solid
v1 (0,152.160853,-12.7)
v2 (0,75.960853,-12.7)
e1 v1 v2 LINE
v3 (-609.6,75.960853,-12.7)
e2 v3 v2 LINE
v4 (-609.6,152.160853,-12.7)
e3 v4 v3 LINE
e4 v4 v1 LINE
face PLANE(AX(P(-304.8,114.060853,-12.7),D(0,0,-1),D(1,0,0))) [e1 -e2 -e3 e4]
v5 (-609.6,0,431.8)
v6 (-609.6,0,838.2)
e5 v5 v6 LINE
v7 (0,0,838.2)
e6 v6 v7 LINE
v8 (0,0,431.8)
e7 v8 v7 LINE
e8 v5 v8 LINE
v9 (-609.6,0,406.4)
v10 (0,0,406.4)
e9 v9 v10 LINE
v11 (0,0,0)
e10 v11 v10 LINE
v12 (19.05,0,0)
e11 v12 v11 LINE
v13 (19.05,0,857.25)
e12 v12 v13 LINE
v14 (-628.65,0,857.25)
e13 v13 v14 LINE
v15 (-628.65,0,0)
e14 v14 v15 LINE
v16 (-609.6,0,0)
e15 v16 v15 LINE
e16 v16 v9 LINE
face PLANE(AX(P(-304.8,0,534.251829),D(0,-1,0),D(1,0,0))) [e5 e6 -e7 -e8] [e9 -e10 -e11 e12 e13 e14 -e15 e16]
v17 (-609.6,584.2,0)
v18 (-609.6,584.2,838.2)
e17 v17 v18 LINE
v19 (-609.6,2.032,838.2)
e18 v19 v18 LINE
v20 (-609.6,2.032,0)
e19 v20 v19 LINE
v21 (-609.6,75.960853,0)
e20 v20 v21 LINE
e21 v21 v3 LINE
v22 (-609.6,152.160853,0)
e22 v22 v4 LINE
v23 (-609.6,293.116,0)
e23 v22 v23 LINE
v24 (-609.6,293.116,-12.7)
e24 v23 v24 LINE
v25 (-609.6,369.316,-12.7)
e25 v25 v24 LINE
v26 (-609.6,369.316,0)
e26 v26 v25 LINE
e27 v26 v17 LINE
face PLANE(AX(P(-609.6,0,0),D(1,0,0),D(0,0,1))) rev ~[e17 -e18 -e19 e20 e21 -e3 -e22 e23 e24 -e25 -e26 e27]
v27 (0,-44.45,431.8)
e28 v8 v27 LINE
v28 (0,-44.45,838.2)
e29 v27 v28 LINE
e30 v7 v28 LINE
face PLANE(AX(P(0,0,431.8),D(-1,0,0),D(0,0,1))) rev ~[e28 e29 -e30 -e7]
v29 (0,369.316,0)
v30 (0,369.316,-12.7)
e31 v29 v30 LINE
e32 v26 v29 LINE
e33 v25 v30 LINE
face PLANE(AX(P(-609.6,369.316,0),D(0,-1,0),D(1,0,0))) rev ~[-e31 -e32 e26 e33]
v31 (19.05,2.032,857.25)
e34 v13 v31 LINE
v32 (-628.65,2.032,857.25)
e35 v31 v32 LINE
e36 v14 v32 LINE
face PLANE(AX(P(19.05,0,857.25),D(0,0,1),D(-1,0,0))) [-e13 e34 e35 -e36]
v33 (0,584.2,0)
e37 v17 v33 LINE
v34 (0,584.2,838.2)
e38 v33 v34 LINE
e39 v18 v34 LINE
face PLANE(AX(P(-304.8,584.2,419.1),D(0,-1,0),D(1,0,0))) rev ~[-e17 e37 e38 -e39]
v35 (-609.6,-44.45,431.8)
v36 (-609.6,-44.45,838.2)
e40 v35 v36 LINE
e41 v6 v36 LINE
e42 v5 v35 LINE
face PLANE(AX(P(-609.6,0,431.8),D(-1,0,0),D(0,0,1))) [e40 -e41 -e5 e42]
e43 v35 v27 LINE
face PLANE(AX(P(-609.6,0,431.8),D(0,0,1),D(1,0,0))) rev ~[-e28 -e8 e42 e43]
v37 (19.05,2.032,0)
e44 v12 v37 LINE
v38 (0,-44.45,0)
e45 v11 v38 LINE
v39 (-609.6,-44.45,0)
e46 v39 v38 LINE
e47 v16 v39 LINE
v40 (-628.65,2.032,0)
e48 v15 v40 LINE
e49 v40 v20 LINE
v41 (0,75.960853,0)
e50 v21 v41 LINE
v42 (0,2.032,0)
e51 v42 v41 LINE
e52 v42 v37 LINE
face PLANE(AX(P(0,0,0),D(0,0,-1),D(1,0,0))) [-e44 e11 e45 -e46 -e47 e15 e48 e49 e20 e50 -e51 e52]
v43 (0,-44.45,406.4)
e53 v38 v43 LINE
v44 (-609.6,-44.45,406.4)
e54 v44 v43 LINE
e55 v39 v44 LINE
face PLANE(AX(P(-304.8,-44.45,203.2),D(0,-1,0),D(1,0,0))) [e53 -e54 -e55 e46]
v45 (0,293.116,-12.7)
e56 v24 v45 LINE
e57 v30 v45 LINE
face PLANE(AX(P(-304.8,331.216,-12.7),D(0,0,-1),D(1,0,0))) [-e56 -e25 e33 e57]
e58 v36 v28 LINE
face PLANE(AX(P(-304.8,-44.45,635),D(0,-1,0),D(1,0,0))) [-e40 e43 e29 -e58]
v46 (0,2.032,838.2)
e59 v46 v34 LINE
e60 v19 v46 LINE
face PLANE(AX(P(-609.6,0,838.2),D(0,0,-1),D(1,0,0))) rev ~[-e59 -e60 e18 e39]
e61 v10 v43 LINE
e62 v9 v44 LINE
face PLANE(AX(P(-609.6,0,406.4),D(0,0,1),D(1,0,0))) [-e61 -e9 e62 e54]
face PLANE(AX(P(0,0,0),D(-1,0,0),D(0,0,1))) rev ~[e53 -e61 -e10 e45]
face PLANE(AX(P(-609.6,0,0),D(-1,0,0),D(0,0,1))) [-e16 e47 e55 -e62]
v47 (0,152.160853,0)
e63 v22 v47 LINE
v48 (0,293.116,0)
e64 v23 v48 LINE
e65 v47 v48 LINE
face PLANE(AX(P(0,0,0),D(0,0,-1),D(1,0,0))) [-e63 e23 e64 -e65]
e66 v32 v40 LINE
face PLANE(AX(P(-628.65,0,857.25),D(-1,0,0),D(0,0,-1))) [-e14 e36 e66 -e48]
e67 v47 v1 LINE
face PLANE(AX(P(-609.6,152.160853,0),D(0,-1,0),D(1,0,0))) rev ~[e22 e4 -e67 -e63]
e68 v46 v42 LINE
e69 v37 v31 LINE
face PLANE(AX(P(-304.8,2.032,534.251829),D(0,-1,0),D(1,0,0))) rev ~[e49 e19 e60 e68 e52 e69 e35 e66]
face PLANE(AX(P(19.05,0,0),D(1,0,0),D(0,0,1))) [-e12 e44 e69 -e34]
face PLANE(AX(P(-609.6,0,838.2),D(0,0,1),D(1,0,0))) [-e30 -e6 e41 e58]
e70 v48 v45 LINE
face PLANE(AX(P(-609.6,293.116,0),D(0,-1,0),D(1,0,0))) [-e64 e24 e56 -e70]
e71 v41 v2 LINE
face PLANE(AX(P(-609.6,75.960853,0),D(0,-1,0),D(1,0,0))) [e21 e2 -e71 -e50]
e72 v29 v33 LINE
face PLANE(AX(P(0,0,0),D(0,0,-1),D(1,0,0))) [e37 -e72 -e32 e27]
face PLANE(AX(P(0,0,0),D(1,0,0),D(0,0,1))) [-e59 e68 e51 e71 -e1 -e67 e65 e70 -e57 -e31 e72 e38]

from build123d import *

# Parameters (mm, degrees)
F0_W     = 609.6
F0_H     = 838.2
F1_DEPTH = 584.2
F2_DEPTH = 2.032
F3_W     = 609.6
F3_H     = 406.4
F4_DEPTH = 44.45
F5_W     = 609.6
F5_H     = 76.2
F6_DEPTH = 12.7


with BuildPart() as f1:
    # F0 (on Front) → F1 (new body)
    with BuildSketch(Plane.XZ):
        with Locations((-304.8, 419.1)):
            Rectangle(F0_W, F0_H)
    extrude(amount=-F1_DEPTH)

    # F0 (on Front) → F2 (join)
    with BuildSketch(Plane.XZ):
        Polygon((0, 838.2), (0, 0), (19.05, 0), (19.05, 857.25), (-628.65, 857.25), (-628.65, 0), (-609.6, 0), (-609.6, 838.2), align=None)
    extrude(amount=-F2_DEPTH)

    # F3 (on face) → F4 (join)
    with BuildSketch(Plane.XZ):
        with Locations((-304.8, 635)):
            Rectangle(F3_W, F3_H)
        with Locations((-304.8, 203.2)):
            Rectangle(F3_W, F3_H)
    extrude(amount=F4_DEPTH)

    # F5 (on face) → F6 (join)
    with BuildSketch(Plane(origin=(0, 0, 0), x_dir=(1, 0, 0), z_dir=(0, 0, -1))):
        with Locations((-304.8, -114.060853)):
            Rectangle(F5_W, F5_H)
        with Locations((-304.8, -331.216)):
            Rectangle(F5_W, F5_H)
    extrude(amount=F6_DEPTH)


solid = f1.part
